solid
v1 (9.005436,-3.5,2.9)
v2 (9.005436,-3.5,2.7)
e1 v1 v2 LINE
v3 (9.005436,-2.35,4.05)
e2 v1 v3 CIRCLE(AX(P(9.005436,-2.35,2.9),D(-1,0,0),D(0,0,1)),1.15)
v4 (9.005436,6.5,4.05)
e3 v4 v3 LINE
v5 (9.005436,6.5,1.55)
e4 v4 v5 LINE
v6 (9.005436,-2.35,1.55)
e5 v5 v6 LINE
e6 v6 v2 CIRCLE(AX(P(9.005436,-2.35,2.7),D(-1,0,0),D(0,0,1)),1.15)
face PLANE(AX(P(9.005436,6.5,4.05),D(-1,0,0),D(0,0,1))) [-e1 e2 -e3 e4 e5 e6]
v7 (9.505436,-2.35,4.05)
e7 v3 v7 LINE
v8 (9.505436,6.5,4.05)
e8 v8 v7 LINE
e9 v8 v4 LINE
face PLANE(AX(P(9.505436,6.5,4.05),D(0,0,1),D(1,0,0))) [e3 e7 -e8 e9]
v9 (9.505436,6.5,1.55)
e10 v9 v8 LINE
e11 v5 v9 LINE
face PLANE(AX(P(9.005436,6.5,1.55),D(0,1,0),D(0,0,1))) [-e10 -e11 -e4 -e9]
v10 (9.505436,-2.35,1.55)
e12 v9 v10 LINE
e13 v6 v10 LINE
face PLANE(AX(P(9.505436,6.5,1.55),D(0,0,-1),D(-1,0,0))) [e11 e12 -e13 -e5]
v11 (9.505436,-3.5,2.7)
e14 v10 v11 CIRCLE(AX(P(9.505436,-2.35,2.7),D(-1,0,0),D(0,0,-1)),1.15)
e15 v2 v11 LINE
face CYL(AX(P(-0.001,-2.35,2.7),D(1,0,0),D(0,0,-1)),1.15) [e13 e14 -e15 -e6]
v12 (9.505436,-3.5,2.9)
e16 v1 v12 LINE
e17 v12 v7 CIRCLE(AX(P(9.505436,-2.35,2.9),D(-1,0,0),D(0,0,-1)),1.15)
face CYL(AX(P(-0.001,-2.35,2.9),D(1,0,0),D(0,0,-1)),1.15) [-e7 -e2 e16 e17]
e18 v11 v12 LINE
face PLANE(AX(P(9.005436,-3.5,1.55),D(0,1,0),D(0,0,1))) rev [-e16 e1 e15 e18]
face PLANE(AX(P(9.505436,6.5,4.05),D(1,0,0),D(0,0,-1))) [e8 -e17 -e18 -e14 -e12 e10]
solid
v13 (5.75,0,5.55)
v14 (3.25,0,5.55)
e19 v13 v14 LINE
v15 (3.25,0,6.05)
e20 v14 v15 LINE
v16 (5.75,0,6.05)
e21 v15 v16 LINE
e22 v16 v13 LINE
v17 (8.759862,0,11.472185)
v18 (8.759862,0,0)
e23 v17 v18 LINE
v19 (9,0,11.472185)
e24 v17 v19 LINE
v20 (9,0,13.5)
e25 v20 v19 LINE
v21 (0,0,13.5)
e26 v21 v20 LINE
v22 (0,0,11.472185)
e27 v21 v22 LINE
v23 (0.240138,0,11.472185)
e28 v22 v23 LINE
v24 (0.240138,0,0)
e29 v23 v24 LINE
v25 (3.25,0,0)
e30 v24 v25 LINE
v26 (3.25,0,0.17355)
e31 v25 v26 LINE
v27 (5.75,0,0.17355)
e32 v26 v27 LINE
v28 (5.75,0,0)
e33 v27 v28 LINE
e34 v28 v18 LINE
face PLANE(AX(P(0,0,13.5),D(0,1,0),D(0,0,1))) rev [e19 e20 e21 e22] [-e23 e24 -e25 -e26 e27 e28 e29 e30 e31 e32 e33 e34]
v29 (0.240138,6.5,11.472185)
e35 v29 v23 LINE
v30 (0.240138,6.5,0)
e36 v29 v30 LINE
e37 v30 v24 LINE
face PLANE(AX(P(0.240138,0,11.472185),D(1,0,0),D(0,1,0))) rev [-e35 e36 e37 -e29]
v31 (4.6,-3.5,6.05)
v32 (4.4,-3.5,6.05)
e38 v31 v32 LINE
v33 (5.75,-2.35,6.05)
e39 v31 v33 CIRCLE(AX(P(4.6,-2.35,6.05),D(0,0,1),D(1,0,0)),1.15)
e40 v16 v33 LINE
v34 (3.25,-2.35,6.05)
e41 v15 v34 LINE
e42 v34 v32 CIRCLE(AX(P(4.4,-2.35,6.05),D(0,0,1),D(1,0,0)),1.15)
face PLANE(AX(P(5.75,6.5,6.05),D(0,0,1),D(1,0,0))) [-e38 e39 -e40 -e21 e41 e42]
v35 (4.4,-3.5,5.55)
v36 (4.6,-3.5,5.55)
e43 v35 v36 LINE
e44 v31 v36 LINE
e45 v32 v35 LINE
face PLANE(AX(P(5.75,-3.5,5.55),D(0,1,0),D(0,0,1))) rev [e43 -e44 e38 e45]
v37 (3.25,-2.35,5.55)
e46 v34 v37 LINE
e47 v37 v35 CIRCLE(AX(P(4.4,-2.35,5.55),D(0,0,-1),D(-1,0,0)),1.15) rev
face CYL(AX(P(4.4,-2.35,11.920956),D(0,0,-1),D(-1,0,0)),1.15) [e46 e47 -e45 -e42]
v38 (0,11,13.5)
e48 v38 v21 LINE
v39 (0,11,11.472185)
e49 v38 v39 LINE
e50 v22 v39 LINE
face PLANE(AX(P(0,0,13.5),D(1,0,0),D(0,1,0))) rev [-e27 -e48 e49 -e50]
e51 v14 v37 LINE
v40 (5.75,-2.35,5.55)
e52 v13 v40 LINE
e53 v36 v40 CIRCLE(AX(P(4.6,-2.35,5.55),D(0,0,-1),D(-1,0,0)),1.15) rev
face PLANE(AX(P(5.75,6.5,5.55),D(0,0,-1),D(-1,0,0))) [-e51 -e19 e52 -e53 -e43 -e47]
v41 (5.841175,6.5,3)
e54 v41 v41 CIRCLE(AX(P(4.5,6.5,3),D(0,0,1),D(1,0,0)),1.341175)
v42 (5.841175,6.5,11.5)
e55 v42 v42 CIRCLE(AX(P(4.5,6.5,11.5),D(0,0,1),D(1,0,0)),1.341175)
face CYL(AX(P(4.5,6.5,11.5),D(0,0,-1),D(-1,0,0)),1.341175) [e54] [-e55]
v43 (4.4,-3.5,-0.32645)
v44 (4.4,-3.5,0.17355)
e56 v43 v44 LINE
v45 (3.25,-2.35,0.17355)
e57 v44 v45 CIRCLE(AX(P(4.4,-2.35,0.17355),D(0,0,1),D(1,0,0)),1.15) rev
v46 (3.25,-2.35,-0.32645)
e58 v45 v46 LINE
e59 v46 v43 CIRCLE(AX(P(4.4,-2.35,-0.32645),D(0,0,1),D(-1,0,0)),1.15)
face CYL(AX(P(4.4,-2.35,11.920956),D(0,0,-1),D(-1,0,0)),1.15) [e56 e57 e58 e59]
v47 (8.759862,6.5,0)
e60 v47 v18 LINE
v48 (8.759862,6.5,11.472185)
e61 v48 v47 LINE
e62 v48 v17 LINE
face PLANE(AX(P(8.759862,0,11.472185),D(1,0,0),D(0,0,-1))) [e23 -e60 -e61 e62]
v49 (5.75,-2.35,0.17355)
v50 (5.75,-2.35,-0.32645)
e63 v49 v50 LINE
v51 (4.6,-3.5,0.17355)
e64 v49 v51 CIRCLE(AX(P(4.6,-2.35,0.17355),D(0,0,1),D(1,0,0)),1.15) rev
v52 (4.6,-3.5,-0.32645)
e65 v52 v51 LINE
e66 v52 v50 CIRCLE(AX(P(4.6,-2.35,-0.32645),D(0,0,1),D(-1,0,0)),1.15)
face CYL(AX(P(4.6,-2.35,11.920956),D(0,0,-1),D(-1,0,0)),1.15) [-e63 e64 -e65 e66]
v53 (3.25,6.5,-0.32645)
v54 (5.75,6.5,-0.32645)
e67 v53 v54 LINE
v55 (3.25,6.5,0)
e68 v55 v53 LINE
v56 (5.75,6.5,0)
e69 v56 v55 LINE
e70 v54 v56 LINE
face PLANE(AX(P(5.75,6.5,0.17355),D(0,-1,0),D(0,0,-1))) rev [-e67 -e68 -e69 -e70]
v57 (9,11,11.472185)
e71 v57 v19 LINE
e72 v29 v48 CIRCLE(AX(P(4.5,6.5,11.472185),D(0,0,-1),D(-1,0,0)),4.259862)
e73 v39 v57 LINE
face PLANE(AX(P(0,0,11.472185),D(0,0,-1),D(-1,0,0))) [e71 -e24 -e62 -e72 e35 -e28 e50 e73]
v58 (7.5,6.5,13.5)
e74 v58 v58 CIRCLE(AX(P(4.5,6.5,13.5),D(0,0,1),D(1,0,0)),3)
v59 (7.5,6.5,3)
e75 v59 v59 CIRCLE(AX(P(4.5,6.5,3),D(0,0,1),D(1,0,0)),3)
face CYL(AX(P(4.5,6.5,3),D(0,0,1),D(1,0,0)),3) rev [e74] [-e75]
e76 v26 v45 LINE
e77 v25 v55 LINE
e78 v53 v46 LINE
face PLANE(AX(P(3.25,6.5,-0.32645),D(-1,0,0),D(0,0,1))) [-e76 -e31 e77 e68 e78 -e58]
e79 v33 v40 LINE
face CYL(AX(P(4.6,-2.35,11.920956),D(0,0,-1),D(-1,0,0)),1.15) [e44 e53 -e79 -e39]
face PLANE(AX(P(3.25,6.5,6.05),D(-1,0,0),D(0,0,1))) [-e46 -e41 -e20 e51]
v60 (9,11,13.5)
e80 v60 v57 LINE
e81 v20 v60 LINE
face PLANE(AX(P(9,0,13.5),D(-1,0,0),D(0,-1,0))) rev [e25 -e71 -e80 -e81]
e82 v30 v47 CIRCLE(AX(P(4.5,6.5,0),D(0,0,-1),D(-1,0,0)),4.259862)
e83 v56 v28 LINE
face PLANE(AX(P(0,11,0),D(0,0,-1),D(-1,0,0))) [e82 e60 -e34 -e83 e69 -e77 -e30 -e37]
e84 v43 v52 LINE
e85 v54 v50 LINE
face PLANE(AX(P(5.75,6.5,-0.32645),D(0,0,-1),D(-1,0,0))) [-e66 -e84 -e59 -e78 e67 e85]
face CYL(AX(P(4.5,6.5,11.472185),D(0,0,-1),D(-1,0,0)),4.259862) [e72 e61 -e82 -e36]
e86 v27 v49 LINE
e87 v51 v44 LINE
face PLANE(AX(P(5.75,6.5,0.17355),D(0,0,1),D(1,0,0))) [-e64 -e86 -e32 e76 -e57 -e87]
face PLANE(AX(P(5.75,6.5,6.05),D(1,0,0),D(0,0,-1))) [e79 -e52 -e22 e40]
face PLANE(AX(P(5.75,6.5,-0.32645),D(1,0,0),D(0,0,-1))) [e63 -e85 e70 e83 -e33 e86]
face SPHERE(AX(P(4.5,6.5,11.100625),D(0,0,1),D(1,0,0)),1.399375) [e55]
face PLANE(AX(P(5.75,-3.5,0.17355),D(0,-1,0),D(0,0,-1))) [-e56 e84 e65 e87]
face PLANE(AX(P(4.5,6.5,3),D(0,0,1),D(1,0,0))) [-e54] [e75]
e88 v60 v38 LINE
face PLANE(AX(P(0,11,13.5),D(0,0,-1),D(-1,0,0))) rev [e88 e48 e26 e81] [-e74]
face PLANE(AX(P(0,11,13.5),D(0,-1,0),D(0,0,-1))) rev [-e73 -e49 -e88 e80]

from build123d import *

# Parameters (mm, degrees)
SKETCH1_W           = 9
SKETCH1_H           = 11
EXTRUDE1_DEPTH      = 13.5
CUT_EXTRUDE1_DEPTH  = 11.472184734
SKETCH3_W           = 2.5
SKETCH3_H           = 0.5
SKETCH3_W_2         = 0.5
SKETCH3_H_2         = 2.5
EXTRUDE2_DEPTH      = 3.5
EXTRUDE2_DEPTH_BACK = 6.5
CUT_EXTRUDE2_START  = -0.5
CUT_EXTRUDE2_DEPTH  = 0.5
CUT_EXTRUDE3_DEPTH  = 6.37645
SKETCH6_R           = 3
CUT_EXTRUDE4_DEPTH  = 10.5
SKETCH7_R           = 1.341174798
EXTRUDE3_DEPTH      = 8.5
DOME1_FACE_RADIUS   = 1.341174798
DOME1_HEIGHT        = 1


with BuildPart() as part:
    # Sketch1 → Extrude1 (new body)
    with BuildSketch(Plane.XY):
        with Locations((4.5, 5.5)):
            Rectangle(SKETCH1_W, SKETCH1_H)
    extrude(amount=EXTRUDE1_DEPTH)

    # Sketch2 → Cut-Extrude1 (cut)
    with BuildSketch(Plane(origin=(0, 0, 0), x_dir=(-1, 0, 0), z_dir=(0, 0, -1))):
        with BuildLine():
            Line((-8.759861733, 6.5), (-8.759861733, 0))
            Line((-8.759861733, 0), (-10.235511259, 0))
            Line((-10.235511259, 0), (-10.235511259, 11.286267996))
            Line((-10.235511259, 11.286267996), (1.276116648, 11.286267996))
            Line((1.276116648, 11.286267996), (1.276116648, 0))
            Line((1.276116648, 0), (-0.240138267, 0))
            Line((-0.240138267, 0), (-0.240138267, 6.5))
            ThreePointArc((-0.240138267, 6.5), (-4.5, 10.759861733), (-8.759861733, 6.5))
        make_face()
    extrude(amount=-CUT_EXTRUDE1_DEPTH, mode=Mode.SUBTRACT)

    # Sketch3 → Extrude2 (add, two sides)
    with BuildSketch(Plane.XZ) as extrude2_sk:
        with Locations((4.5, 5.8)):
            Rectangle(SKETCH3_W, SKETCH3_H)
        with Locations((9.255436424, 2.8)):
            Rectangle(SKETCH3_W_2, SKETCH3_H_2)
        with Locations((4.5, -0.076449713)):
            Rectangle(SKETCH3_W, SKETCH3_H)
    extrude(amount=EXTRUDE2_DEPTH)
    extrude(extrude2_sk.sketch, amount=-EXTRUDE2_DEPTH_BACK)

    # Sketch4 → Cut-Extrude2 (cut)
    with BuildSketch(Plane(origin=(9.505436424, 0, 0), x_dir=(0, 0, -1), z_dir=(1, 0, 0)).offset(CUT_EXTRUDE2_START)):
        with BuildLine():
            Line((-1.55, 0.401221022), (-0.317888933, 0.401221022))
            Line((-0.317888933, 0.401221022), (-0.317888933, -4.045287891))
            Line((-0.317888933, -4.045287891), (-5.095635432, -4.045287891))
            Line((-5.095635432, -4.045287891), (-5.095635432, 0.401221022))
            Line((-5.095635432, 0.401221022), (-4.05, 0.401221022))
            Line((-4.05, 0.401221022), (-4.05, -2.35))
            ThreePointArc((-4.05, -2.35), (-3.713172798, -3.163172798), (-2.9, -3.5))
            Line((-2.9, -3.5), (-2.7, -3.5))
            ThreePointArc((-2.7, -3.5), (-1.886827202, -3.163172798), (-1.55, -2.35))
            Line((-1.55, -2.35), (-1.55, 0.401221022))
        make_face()
    extrude(amount=CUT_EXTRUDE2_DEPTH, mode=Mode.SUBTRACT)

    # Sketch5 → Cut-Extrude3 (cut)
    with BuildSketch(Plane(origin=(0, 0, -0.326449713), x_dir=(-1, 0, 0), z_dir=(0, 0, -1))):
        with BuildLine():
            Line((-3.25, -0.558332619), (-2.247520265, -0.558332619))
            Line((-2.247520265, -0.558332619), (-2.247520265, -4.051690435))
            Line((-2.247520265, -4.051690435), (-6.966055813, -4.051690435))
            Line((-6.966055813, -4.051690435), (-6.966055813, -0.558332619))
            Line((-6.966055813, -0.558332619), (-5.75, -0.558332619))
            Line((-5.75, -0.558332619), (-5.75, -2.35))
            ThreePointArc((-5.75, -2.35), (-5.413172798, -3.163172798), (-4.6, -3.5))
            Line((-4.6, -3.5), (-4.4, -3.5))
            ThreePointArc((-4.4, -3.5), (-3.586827202, -3.163172798), (-3.25, -2.35))
            Line((-3.25, -2.35), (-3.25, -0.558332619))
        make_face()
    extrude(amount=-CUT_EXTRUDE3_DEPTH, mode=Mode.SUBTRACT)

    # Sketch6 → Cut-Extrude4 (cut)
    with BuildSketch(Plane.XY.offset(13.5)):
        with Locations((4.5, 6.5)):
            Circle(SKETCH6_R)
    extrude(amount=-CUT_EXTRUDE4_DEPTH, mode=Mode.SUBTRACT)

    # Sketch7 → Extrude3 (add)
    with BuildSketch(Plane.XY.offset(3)):
        with Locations((4.5, 6.5)):
            Circle(SKETCH7_R)
    extrude(amount=EXTRUDE3_DEPTH)

    # Dome1: a dome of height H over a round flat face of radius A is a cap of a sphere of radius (A * A + H * H) / (2 * H)
    dome1_r = (DOME1_FACE_RADIUS * DOME1_FACE_RADIUS + DOME1_HEIGHT * DOME1_HEIGHT) / (2 * DOME1_HEIGHT)
    dome1_base = Plane((4.5, 6.5, 11.5), z_dir=(0, 0, 1))
    with Locations(dome1_base.offset(DOME1_HEIGHT - dome1_r)):
        dome1_ball = Sphere(dome1_r, mode=Mode.PRIVATE)
    add(split(dome1_ball, bisect_by=dome1_base, keep=Keep.TOP, mode=Mode.PRIVATE))


solid = part.part
